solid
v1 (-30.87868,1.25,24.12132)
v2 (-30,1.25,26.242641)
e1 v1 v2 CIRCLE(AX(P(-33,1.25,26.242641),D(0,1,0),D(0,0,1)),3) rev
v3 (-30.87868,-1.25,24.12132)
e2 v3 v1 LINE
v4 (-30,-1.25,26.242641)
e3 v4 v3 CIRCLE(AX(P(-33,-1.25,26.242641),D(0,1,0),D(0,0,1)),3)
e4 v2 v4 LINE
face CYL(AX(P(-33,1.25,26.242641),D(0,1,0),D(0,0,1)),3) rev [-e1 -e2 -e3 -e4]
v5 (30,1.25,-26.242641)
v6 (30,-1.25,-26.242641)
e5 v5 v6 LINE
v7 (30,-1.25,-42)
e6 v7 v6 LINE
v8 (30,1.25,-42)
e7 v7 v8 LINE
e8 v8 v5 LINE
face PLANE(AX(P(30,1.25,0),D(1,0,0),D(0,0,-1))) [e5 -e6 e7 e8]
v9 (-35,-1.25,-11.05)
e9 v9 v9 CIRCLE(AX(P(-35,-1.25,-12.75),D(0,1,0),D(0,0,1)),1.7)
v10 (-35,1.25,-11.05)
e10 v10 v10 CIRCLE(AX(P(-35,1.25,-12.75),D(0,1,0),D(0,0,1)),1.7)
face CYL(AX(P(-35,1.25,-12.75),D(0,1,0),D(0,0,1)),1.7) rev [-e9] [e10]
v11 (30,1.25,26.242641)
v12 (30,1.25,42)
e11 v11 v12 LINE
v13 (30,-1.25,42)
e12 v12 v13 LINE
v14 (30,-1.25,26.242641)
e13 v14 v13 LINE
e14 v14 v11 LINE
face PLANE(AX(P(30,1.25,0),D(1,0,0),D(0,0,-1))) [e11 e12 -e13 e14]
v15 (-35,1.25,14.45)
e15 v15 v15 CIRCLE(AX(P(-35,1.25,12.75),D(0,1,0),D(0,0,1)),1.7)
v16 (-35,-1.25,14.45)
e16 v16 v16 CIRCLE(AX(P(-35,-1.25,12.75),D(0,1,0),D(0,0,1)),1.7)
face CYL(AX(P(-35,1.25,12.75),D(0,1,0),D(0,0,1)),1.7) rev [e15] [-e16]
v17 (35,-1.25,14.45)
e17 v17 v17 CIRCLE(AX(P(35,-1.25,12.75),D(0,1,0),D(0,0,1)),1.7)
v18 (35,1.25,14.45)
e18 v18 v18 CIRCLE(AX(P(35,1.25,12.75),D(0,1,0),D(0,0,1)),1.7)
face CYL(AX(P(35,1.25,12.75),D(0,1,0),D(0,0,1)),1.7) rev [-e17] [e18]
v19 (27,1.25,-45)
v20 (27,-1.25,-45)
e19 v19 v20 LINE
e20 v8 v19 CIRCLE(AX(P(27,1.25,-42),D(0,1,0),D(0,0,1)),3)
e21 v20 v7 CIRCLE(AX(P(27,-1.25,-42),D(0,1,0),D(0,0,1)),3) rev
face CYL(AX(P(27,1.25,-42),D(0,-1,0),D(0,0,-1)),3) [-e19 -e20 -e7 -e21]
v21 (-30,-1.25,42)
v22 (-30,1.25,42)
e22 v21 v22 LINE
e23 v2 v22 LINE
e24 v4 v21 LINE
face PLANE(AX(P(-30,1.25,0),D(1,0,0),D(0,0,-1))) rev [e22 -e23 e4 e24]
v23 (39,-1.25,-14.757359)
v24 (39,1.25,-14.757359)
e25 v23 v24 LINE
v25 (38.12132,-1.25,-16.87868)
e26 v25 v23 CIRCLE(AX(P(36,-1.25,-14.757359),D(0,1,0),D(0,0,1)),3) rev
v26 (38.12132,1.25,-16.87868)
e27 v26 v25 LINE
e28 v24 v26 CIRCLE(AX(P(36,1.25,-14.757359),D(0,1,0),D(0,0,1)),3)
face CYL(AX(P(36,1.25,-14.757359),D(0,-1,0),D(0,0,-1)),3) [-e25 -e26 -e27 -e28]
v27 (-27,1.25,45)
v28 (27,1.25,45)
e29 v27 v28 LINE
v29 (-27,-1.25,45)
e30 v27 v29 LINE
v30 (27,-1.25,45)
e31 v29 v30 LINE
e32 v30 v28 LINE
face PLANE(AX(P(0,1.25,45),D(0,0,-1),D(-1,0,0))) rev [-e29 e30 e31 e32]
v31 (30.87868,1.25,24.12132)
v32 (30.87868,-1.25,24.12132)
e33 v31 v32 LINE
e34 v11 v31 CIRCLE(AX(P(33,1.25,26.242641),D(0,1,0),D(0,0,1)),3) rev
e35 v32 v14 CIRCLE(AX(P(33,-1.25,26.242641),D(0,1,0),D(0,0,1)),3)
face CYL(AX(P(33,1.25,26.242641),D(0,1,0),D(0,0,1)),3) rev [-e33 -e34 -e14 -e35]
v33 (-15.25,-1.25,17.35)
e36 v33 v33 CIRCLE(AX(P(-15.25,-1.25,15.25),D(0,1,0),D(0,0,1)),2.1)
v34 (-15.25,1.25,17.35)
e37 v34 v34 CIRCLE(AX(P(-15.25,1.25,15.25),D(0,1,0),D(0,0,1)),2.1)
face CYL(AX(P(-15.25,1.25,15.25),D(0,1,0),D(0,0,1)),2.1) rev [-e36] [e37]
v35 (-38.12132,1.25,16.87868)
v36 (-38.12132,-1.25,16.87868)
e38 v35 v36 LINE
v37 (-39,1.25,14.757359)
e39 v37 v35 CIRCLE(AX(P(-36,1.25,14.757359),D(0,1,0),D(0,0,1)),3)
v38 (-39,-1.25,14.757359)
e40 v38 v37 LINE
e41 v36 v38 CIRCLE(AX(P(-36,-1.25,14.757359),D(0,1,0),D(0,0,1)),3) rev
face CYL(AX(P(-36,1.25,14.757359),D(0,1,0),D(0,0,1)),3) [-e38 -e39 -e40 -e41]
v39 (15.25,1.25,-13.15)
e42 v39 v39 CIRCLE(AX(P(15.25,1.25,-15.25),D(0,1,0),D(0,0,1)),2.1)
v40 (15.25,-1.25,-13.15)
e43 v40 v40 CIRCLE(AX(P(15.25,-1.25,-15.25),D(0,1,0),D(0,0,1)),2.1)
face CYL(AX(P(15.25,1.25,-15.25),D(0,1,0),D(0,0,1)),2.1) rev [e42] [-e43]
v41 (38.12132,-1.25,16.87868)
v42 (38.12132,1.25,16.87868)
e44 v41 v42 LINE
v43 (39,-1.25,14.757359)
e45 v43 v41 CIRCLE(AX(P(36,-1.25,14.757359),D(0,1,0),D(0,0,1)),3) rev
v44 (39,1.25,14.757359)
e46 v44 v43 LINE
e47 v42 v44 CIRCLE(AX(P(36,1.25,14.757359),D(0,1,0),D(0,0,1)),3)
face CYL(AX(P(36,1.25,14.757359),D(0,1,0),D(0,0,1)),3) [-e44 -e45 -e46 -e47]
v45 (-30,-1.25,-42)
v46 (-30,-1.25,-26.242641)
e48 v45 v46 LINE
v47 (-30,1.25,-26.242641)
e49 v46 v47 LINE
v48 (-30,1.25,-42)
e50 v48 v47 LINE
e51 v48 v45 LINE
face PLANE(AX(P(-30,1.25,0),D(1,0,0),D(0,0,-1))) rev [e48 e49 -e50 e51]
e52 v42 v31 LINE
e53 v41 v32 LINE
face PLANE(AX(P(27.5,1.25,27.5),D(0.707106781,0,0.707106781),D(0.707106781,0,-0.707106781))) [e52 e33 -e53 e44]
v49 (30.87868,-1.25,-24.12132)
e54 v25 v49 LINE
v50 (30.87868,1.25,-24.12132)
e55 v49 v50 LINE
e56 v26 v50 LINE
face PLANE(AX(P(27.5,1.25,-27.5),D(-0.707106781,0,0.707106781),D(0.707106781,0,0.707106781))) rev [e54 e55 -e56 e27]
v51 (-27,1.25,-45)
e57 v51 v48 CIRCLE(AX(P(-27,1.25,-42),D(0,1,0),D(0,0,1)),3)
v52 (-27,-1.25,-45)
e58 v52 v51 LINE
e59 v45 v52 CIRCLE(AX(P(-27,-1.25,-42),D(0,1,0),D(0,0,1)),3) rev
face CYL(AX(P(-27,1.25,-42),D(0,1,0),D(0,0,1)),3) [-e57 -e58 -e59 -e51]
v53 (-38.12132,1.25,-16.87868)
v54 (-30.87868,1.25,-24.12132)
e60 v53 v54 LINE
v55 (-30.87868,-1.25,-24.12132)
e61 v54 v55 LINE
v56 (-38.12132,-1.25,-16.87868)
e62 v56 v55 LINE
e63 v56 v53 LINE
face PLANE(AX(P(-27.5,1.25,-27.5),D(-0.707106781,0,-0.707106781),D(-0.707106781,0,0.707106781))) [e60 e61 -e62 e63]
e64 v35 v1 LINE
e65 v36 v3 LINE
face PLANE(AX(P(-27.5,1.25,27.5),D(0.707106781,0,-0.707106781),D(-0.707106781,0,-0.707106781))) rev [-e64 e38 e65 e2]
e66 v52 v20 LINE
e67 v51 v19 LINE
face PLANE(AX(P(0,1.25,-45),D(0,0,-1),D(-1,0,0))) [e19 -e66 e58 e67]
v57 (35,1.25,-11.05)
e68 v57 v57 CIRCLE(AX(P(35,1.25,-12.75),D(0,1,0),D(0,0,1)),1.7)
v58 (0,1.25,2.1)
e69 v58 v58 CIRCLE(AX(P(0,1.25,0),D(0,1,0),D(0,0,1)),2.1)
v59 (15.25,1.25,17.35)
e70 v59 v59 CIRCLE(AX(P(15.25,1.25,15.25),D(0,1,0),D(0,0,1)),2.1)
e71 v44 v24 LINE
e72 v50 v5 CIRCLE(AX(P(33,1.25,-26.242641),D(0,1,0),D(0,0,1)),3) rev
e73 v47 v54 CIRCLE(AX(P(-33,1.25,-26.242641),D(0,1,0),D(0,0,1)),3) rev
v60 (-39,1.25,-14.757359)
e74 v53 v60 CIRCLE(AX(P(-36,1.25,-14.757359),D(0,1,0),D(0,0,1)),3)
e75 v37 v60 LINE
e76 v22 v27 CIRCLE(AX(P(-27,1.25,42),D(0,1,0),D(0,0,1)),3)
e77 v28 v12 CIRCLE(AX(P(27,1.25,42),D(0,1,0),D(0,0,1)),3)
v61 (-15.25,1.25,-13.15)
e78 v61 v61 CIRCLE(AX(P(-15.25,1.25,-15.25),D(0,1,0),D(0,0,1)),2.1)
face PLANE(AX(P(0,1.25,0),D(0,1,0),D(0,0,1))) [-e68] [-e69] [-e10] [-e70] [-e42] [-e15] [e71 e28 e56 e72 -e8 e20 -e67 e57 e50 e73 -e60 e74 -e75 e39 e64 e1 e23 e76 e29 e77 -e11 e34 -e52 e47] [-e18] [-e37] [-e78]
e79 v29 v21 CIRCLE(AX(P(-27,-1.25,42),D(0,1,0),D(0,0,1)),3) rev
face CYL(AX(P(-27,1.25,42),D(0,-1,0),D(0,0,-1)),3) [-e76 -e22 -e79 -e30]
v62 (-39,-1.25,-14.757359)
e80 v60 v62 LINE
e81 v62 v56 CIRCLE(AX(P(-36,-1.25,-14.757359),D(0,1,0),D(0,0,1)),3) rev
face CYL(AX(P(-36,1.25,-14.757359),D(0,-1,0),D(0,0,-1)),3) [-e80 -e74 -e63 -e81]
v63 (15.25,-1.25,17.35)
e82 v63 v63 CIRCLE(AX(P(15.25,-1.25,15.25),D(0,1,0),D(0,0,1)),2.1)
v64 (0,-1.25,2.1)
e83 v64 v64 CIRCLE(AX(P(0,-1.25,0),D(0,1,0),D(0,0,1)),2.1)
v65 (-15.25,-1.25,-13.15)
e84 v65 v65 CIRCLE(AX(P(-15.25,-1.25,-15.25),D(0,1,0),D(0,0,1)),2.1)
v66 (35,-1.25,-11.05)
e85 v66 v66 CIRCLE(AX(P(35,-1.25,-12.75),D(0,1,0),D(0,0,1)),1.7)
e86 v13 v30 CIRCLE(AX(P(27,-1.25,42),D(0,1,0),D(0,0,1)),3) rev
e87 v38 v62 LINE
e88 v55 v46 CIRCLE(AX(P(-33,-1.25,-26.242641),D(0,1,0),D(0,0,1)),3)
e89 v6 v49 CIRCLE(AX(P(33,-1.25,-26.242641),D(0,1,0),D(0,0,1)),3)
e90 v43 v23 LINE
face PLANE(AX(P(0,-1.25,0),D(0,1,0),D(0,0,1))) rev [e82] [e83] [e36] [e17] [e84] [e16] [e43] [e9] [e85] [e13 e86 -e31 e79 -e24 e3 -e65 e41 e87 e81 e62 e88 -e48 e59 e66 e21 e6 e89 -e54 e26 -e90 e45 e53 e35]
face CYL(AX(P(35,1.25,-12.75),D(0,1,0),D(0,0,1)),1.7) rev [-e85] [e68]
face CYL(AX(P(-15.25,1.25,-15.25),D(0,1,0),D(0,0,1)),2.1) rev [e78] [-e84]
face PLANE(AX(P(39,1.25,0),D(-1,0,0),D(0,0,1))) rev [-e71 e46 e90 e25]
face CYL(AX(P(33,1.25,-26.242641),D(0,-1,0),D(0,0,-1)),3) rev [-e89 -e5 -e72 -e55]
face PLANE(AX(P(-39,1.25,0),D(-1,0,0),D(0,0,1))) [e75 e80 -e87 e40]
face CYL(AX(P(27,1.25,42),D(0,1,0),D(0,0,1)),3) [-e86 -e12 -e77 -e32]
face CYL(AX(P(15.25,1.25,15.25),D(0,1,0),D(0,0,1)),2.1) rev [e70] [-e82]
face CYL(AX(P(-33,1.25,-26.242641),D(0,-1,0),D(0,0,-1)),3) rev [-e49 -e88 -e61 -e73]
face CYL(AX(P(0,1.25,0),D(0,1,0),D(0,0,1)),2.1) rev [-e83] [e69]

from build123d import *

# Parameters (mm, degrees)
SKETCH1_W                  = 60
SKETCH1_H                  = 90
BOSS_EXTRUDE1_DEPTH        = 1.25
FILLET1_R                  = 3
F_4_2_4_2_DIAMETER_HOLE1_D = 4.2
M3_CLEARANCE_HOLE1_D       = 3.4


with BuildPart() as part:
    # Sketch1 → Boss-Extrude1 (new, symmetric)
    with BuildSketch(Plane(origin=(0, 0, 0), x_dir=(1, 0, 0), z_dir=(0, 1, 0))):
        Polygon((30, 45), (-30, 45), (-30, 25), (-30, -25), (-30, -45), (30, -45), (30, -25), (30, 25), align=None)
        Rectangle(SKETCH1_W, SKETCH1_H)
        Polygon((-30, -25), (-30, 25), (-39, 16), (-39, -16), align=None)
        Polygon((39, 16), (30, 25), (30, -25), (39, -16), align=None)
    extrude(amount=BOSS_EXTRUDE1_DEPTH, both=True)

    # Fillet1
    fillet1_edges = [part.edges().sort_by_distance(p)[0] for p in [
        (30, 0, -25),
        (39, 0, -16),
        (39, 0, 16),
        (30, 0, 25),
        (30, 0, 45),
        (-30, 0, 45),
        (-30, 0, 25),
        (-39, 0, 16),
        (-39, 0, -16),
        (-30, 0, -25),
        (-30, 0, -45),
        (30, 0, -45),
    ]]
    fillet(fillet1_edges, radius=FILLET1_R)

    # Ø4.2 (4.2) Diameter Hole1 (through all)
    with Locations(Plane(origin=(0, 1.25, 0), x_dir=(1, 0, 0), z_dir=(0, 1, 0))):
        with Locations((0, 0), (15.25, -15.25), (-15.25, 15.25), (-15.25, -15.25), (15.25, 15.25)):
            Hole(F_4_2_4_2_DIAMETER_HOLE1_D / 2)

    # M3 Clearance Hole1 (through all)
    with Locations(Plane(origin=(0, 1.25, 0), x_dir=(1, 0, 0), z_dir=(0, 1, 0))):
        with Locations((35, 12.75), (35, -12.75), (-35, -12.75), (-35, 12.75)):
            Hole(M3_CLEARANCE_HOLE1_D / 2)


solid = part.part
